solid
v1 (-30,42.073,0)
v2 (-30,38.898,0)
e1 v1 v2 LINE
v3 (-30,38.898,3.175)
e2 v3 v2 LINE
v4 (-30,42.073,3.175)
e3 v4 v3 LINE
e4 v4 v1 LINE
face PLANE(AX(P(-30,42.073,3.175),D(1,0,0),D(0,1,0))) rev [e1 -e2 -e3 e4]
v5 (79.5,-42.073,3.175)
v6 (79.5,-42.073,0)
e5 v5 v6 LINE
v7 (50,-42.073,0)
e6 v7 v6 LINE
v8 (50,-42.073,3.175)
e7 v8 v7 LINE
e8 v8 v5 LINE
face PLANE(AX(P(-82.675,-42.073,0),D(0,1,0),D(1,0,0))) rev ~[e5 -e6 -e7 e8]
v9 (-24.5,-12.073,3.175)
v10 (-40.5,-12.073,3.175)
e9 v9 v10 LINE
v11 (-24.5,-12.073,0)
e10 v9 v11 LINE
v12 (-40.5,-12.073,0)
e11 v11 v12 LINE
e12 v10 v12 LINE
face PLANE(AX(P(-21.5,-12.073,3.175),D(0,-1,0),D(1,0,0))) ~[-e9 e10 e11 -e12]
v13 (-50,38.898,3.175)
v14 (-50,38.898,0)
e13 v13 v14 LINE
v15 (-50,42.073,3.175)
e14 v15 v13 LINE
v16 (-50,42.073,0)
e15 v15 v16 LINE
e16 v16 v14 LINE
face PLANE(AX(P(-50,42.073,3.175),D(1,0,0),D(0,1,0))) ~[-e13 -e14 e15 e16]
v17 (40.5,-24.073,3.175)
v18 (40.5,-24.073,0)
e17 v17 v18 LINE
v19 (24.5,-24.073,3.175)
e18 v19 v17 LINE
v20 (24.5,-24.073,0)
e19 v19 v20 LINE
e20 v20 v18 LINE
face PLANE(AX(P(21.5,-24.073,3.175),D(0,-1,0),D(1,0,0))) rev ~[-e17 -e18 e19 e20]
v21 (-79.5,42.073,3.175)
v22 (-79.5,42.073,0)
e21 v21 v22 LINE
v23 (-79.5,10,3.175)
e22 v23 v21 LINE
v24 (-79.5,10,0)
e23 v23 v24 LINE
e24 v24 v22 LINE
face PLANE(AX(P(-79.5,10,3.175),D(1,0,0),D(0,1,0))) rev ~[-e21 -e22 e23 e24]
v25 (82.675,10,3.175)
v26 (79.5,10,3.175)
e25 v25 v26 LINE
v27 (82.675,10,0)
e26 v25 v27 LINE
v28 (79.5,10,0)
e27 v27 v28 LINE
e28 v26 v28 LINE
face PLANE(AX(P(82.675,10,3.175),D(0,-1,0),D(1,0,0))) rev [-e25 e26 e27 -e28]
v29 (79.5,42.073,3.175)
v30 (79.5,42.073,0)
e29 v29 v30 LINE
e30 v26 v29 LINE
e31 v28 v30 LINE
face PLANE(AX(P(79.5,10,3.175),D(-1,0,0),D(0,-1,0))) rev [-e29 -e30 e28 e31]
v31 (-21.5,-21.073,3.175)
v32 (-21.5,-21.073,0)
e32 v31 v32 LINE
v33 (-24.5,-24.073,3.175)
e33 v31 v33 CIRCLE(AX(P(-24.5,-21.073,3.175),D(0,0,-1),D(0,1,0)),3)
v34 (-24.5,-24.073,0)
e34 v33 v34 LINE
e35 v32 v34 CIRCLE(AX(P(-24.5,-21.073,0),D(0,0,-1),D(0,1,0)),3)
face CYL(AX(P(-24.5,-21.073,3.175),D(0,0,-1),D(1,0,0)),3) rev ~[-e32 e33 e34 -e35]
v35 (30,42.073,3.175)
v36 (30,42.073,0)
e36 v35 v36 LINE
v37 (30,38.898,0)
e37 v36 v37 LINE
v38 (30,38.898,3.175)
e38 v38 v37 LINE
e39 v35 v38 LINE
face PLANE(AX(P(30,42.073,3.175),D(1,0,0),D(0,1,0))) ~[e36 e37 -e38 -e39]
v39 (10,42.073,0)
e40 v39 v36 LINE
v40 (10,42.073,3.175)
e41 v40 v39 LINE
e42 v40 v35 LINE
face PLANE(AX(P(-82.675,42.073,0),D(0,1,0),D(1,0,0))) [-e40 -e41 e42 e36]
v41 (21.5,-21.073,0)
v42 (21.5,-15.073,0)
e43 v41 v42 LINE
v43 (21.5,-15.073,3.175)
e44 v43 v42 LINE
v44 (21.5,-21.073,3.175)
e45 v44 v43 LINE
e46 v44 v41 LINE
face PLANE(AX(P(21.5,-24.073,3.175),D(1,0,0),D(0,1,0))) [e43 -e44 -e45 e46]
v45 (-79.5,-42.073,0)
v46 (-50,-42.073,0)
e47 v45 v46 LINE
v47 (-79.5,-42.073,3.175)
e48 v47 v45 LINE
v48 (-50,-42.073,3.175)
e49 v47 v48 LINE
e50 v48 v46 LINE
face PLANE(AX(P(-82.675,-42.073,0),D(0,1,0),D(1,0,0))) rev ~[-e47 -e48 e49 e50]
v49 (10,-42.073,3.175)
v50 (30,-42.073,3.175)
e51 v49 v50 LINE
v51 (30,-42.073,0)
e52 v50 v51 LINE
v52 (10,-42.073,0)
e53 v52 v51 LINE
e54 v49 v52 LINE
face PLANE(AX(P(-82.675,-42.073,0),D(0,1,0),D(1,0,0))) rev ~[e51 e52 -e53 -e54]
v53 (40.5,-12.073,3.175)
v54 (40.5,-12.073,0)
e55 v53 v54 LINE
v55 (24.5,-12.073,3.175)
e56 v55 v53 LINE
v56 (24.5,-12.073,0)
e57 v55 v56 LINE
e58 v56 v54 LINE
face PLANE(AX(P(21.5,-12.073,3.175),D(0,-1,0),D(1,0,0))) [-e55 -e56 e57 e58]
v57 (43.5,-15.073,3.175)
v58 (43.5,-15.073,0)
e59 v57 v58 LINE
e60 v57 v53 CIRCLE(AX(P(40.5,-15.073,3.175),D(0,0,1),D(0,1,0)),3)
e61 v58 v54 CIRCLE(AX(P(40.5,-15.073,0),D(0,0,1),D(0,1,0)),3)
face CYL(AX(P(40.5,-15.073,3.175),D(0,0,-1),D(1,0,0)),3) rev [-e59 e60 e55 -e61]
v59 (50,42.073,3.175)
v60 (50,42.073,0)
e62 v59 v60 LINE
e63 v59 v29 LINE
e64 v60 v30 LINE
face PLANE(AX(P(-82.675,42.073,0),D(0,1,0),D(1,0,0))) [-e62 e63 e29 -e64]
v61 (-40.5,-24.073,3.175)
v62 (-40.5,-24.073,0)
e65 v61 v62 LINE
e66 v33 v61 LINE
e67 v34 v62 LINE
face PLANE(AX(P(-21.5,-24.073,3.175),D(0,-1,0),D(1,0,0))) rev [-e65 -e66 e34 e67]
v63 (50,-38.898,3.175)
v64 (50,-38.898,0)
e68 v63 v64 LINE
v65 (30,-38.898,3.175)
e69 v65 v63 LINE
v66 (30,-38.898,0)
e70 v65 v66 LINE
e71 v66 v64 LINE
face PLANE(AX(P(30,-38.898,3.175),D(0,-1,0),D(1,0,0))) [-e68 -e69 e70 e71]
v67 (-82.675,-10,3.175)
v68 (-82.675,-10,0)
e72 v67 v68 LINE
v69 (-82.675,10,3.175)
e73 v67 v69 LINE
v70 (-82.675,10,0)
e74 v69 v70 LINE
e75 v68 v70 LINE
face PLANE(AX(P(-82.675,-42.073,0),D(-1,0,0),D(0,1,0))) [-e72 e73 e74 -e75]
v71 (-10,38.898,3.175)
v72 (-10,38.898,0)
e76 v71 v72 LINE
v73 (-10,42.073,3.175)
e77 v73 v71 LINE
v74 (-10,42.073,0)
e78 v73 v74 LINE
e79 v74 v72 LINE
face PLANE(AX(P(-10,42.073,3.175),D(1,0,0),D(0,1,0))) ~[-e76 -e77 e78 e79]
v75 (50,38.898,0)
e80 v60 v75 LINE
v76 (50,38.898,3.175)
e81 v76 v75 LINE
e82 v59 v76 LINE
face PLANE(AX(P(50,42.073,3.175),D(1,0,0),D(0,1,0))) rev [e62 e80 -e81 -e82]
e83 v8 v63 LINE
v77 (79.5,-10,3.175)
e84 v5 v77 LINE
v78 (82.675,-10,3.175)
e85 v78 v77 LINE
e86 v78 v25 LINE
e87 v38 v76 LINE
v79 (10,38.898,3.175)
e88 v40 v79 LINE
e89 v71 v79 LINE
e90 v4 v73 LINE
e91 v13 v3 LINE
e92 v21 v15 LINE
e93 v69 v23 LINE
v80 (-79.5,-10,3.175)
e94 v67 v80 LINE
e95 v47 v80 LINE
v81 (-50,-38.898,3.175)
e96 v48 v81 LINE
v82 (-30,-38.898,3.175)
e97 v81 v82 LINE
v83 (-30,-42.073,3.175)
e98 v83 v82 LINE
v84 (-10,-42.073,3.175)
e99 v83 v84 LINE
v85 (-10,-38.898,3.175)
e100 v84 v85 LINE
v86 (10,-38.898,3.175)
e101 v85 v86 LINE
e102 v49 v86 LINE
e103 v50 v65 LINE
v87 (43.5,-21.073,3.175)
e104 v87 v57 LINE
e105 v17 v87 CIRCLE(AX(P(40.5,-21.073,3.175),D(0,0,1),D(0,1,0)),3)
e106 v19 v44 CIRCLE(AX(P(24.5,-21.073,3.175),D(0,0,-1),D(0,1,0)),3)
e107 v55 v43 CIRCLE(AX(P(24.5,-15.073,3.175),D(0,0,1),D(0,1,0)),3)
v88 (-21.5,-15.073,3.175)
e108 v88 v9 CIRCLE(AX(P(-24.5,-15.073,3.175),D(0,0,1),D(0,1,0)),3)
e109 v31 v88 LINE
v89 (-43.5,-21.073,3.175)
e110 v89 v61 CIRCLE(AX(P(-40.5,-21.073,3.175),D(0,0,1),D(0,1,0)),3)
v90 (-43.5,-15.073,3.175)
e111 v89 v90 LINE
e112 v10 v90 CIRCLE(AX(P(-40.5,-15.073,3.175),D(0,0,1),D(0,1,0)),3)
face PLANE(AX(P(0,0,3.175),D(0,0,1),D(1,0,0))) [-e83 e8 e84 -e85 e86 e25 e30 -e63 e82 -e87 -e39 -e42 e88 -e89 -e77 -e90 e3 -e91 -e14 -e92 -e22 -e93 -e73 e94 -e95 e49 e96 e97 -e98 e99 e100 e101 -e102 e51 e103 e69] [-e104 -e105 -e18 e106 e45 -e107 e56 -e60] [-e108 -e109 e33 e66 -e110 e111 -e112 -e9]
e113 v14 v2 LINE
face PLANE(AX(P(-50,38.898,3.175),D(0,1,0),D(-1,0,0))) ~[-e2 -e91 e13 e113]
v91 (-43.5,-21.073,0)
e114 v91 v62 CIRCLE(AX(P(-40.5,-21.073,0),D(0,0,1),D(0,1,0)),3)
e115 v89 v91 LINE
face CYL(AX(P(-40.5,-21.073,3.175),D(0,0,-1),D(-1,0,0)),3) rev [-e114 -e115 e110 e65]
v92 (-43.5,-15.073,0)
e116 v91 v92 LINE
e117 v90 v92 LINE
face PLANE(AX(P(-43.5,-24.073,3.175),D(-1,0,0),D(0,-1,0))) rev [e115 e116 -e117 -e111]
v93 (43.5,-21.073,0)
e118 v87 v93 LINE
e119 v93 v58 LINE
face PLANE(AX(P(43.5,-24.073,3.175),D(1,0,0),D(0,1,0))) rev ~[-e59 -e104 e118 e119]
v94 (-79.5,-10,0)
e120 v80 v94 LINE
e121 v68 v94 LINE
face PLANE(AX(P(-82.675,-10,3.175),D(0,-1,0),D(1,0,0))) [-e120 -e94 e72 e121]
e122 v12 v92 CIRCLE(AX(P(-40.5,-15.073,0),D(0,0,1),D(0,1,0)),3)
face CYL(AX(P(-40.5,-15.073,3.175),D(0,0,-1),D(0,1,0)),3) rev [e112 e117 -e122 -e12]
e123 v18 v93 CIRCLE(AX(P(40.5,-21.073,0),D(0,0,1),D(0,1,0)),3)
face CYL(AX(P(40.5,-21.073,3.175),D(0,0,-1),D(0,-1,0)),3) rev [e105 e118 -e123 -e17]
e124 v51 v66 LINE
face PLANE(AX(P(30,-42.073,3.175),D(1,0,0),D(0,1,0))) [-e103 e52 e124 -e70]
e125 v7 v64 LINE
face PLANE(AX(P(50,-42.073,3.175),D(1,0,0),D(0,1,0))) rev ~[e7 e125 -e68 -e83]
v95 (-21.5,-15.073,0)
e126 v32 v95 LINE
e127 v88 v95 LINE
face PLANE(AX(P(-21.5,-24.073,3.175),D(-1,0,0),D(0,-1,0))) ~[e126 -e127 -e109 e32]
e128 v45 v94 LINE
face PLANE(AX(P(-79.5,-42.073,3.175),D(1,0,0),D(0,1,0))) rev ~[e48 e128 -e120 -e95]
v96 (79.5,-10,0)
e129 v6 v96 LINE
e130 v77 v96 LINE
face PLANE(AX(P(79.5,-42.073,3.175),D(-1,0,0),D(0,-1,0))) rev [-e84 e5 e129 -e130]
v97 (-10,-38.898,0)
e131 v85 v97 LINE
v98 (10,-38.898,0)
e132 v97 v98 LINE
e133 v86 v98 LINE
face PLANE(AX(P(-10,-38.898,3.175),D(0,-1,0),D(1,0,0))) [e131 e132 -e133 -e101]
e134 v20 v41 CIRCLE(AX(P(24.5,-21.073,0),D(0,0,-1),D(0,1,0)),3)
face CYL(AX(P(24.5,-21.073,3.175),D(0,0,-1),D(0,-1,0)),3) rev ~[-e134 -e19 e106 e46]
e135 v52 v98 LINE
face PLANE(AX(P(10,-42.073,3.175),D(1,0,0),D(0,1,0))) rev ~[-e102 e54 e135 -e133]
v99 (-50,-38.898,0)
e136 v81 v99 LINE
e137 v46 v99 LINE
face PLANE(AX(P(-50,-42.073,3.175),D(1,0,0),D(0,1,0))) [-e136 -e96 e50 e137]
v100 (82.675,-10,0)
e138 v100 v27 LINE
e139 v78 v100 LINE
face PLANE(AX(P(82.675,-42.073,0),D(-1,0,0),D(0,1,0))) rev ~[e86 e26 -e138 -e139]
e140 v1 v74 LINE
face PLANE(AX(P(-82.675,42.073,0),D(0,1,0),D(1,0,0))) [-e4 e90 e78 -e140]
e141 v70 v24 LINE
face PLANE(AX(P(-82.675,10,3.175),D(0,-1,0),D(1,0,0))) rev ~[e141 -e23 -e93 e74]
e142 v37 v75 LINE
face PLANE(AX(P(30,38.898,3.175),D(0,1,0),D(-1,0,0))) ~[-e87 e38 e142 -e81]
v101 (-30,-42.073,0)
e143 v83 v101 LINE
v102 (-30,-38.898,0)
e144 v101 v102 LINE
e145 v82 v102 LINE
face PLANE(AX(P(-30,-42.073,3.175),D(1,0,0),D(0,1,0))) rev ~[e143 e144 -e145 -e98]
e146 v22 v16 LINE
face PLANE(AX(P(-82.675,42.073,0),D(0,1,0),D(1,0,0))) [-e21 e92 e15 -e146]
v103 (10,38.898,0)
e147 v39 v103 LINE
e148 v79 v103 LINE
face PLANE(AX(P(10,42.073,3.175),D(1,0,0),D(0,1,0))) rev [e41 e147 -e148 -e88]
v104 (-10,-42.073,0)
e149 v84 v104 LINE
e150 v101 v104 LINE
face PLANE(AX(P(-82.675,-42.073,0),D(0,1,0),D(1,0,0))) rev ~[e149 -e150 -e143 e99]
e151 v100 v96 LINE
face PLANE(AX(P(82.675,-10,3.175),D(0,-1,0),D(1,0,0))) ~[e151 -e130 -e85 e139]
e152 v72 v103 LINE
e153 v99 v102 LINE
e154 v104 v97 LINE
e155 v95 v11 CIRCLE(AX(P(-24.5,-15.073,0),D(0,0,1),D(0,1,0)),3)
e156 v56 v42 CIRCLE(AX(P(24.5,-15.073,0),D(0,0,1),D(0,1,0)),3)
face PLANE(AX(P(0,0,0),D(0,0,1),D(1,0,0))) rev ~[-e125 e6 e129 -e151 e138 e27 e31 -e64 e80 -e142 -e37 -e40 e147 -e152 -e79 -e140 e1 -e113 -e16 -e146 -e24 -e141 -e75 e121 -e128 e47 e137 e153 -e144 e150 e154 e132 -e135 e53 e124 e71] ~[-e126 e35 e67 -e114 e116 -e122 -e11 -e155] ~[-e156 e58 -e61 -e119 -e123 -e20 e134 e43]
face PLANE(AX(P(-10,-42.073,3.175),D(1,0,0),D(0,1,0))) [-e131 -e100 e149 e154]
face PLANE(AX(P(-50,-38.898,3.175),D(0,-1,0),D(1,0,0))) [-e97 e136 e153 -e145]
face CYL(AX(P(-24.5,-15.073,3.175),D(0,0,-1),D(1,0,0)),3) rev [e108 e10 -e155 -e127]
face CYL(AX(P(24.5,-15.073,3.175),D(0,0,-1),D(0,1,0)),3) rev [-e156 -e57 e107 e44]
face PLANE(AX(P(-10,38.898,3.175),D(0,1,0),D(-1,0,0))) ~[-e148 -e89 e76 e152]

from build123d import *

# Parameters (mm, degrees)
ESQUISSE1_W             = 165.35
ESQUISSE1_H             = 84.146
BOSS_EXTRU_1_DEPTH      = 3.175
ESQUISSE2_W             = 3.175
ESQUISSE2_H             = 32.073
ENL_V_MAT_EXTRU_1_DEPTH = 93.819036727
ESQUISSE3_W             = 20
ESQUISSE3_H             = 3.175
ENL_V_MAT_EXTRU_2_DEPTH = 93.819036727
ESQUISSE5_W             = 22
ESQUISSE5_H             = 12
ENL_V_MAT_EXTRU_3_DEPTH = 93.819036727
CONG_1_R                = 3
CONG_1_OF_SYM_TRIE3_R   = 3


with BuildPart() as part:
    # Esquisse1 → Boss.-Extru.1 (new body)
    with BuildSketch(Plane.XY):
        Rectangle(ESQUISSE1_W, ESQUISSE1_H)
    extrude(amount=BOSS_EXTRU_1_DEPTH)

    # Esquisse2 → Enlèv. mat.-Extru.1 (cut, through all)
    with BuildSketch(Plane.XY.offset(3.175)):
        with Locations((-81.0875, -26.0365)):
            Rectangle(ESQUISSE2_W, ESQUISSE2_H)
        with Locations((-81.0875, 26.0365)):
            Rectangle(ESQUISSE2_W, ESQUISSE2_H)
    enl_v_mat_extru_1 = extrude(amount=-ENL_V_MAT_EXTRU_1_DEPTH, mode=Mode.SUBTRACT)

    # Symétrie1: Enlèv. mat.-Extru.1 across plane
    add(enl_v_mat_extru_1.mirror(Plane(origin=(0, 0, 0), x_dir=(0, 0, 1), z_dir=(1, 0, 0))), mode=Mode.SUBTRACT)

    # Esquisse3 → Enlèv. mat.-Extru.2 (cut, through all)
    with BuildSketch(Plane.XY.offset(3.175)):
        with Locations((0, -40.4855)):
            Rectangle(ESQUISSE3_W, ESQUISSE3_H)
        with Locations((40, -40.4855)):
            Rectangle(ESQUISSE3_W, ESQUISSE3_H)
        with Locations((-40, -40.4855)):
            Rectangle(ESQUISSE3_W, ESQUISSE3_H)
    enl_v_mat_extru_2 = extrude(amount=-ENL_V_MAT_EXTRU_2_DEPTH, mode=Mode.SUBTRACT)

    # Symétrie2: Enlèv. mat.-Extru.2 across plane
    add(enl_v_mat_extru_2.mirror(Plane.ZX), mode=Mode.SUBTRACT)

    # Esquisse5 → Enlèv. mat.-Extru.3 (cut, through all)
    with BuildSketch(Plane.XY.offset(3.175)):
        with Locations((32.5, -18.073)):
            Rectangle(ESQUISSE5_W, ESQUISSE5_H)
    enl_v_mat_extru_3 = extrude(amount=-ENL_V_MAT_EXTRU_3_DEPTH, mode=Mode.SUBTRACT)

    # Congé1
    cong_1_edges = [part.edges().sort_by_distance(p)[0] for p in [
        (21.5, -24.073, 1.5875),
        (21.5, -12.073, 1.5875),
        (43.5, -12.073, 1.5875),
        (43.5, -24.073, 1.5875),
    ]]
    fillet(cong_1_edges, radius=CONG_1_R)

    # Symétrie3: Enlèv. mat.-Extru.3 across plane
    add(enl_v_mat_extru_3.mirror(Plane(origin=(0, 0, 0), x_dir=(0, 0, 1), z_dir=(1, 0, 0))), mode=Mode.SUBTRACT)

    # Congé1 of Symétrie3
    cong_1_of_sym_trie3_edges = [part.edges().sort_by_distance(p)[0] for p in [
        (-21.5, -24.073, 1.5875),
        (-21.5, -12.073, 1.5875),
        (-43.5, -12.073, 1.5875),
        (-43.5, -24.073, 1.5875),
    ]]
    fillet(cong_1_of_sym_trie3_edges, radius=CONG_1_OF_SYM_TRIE3_R)


solid = part.part
